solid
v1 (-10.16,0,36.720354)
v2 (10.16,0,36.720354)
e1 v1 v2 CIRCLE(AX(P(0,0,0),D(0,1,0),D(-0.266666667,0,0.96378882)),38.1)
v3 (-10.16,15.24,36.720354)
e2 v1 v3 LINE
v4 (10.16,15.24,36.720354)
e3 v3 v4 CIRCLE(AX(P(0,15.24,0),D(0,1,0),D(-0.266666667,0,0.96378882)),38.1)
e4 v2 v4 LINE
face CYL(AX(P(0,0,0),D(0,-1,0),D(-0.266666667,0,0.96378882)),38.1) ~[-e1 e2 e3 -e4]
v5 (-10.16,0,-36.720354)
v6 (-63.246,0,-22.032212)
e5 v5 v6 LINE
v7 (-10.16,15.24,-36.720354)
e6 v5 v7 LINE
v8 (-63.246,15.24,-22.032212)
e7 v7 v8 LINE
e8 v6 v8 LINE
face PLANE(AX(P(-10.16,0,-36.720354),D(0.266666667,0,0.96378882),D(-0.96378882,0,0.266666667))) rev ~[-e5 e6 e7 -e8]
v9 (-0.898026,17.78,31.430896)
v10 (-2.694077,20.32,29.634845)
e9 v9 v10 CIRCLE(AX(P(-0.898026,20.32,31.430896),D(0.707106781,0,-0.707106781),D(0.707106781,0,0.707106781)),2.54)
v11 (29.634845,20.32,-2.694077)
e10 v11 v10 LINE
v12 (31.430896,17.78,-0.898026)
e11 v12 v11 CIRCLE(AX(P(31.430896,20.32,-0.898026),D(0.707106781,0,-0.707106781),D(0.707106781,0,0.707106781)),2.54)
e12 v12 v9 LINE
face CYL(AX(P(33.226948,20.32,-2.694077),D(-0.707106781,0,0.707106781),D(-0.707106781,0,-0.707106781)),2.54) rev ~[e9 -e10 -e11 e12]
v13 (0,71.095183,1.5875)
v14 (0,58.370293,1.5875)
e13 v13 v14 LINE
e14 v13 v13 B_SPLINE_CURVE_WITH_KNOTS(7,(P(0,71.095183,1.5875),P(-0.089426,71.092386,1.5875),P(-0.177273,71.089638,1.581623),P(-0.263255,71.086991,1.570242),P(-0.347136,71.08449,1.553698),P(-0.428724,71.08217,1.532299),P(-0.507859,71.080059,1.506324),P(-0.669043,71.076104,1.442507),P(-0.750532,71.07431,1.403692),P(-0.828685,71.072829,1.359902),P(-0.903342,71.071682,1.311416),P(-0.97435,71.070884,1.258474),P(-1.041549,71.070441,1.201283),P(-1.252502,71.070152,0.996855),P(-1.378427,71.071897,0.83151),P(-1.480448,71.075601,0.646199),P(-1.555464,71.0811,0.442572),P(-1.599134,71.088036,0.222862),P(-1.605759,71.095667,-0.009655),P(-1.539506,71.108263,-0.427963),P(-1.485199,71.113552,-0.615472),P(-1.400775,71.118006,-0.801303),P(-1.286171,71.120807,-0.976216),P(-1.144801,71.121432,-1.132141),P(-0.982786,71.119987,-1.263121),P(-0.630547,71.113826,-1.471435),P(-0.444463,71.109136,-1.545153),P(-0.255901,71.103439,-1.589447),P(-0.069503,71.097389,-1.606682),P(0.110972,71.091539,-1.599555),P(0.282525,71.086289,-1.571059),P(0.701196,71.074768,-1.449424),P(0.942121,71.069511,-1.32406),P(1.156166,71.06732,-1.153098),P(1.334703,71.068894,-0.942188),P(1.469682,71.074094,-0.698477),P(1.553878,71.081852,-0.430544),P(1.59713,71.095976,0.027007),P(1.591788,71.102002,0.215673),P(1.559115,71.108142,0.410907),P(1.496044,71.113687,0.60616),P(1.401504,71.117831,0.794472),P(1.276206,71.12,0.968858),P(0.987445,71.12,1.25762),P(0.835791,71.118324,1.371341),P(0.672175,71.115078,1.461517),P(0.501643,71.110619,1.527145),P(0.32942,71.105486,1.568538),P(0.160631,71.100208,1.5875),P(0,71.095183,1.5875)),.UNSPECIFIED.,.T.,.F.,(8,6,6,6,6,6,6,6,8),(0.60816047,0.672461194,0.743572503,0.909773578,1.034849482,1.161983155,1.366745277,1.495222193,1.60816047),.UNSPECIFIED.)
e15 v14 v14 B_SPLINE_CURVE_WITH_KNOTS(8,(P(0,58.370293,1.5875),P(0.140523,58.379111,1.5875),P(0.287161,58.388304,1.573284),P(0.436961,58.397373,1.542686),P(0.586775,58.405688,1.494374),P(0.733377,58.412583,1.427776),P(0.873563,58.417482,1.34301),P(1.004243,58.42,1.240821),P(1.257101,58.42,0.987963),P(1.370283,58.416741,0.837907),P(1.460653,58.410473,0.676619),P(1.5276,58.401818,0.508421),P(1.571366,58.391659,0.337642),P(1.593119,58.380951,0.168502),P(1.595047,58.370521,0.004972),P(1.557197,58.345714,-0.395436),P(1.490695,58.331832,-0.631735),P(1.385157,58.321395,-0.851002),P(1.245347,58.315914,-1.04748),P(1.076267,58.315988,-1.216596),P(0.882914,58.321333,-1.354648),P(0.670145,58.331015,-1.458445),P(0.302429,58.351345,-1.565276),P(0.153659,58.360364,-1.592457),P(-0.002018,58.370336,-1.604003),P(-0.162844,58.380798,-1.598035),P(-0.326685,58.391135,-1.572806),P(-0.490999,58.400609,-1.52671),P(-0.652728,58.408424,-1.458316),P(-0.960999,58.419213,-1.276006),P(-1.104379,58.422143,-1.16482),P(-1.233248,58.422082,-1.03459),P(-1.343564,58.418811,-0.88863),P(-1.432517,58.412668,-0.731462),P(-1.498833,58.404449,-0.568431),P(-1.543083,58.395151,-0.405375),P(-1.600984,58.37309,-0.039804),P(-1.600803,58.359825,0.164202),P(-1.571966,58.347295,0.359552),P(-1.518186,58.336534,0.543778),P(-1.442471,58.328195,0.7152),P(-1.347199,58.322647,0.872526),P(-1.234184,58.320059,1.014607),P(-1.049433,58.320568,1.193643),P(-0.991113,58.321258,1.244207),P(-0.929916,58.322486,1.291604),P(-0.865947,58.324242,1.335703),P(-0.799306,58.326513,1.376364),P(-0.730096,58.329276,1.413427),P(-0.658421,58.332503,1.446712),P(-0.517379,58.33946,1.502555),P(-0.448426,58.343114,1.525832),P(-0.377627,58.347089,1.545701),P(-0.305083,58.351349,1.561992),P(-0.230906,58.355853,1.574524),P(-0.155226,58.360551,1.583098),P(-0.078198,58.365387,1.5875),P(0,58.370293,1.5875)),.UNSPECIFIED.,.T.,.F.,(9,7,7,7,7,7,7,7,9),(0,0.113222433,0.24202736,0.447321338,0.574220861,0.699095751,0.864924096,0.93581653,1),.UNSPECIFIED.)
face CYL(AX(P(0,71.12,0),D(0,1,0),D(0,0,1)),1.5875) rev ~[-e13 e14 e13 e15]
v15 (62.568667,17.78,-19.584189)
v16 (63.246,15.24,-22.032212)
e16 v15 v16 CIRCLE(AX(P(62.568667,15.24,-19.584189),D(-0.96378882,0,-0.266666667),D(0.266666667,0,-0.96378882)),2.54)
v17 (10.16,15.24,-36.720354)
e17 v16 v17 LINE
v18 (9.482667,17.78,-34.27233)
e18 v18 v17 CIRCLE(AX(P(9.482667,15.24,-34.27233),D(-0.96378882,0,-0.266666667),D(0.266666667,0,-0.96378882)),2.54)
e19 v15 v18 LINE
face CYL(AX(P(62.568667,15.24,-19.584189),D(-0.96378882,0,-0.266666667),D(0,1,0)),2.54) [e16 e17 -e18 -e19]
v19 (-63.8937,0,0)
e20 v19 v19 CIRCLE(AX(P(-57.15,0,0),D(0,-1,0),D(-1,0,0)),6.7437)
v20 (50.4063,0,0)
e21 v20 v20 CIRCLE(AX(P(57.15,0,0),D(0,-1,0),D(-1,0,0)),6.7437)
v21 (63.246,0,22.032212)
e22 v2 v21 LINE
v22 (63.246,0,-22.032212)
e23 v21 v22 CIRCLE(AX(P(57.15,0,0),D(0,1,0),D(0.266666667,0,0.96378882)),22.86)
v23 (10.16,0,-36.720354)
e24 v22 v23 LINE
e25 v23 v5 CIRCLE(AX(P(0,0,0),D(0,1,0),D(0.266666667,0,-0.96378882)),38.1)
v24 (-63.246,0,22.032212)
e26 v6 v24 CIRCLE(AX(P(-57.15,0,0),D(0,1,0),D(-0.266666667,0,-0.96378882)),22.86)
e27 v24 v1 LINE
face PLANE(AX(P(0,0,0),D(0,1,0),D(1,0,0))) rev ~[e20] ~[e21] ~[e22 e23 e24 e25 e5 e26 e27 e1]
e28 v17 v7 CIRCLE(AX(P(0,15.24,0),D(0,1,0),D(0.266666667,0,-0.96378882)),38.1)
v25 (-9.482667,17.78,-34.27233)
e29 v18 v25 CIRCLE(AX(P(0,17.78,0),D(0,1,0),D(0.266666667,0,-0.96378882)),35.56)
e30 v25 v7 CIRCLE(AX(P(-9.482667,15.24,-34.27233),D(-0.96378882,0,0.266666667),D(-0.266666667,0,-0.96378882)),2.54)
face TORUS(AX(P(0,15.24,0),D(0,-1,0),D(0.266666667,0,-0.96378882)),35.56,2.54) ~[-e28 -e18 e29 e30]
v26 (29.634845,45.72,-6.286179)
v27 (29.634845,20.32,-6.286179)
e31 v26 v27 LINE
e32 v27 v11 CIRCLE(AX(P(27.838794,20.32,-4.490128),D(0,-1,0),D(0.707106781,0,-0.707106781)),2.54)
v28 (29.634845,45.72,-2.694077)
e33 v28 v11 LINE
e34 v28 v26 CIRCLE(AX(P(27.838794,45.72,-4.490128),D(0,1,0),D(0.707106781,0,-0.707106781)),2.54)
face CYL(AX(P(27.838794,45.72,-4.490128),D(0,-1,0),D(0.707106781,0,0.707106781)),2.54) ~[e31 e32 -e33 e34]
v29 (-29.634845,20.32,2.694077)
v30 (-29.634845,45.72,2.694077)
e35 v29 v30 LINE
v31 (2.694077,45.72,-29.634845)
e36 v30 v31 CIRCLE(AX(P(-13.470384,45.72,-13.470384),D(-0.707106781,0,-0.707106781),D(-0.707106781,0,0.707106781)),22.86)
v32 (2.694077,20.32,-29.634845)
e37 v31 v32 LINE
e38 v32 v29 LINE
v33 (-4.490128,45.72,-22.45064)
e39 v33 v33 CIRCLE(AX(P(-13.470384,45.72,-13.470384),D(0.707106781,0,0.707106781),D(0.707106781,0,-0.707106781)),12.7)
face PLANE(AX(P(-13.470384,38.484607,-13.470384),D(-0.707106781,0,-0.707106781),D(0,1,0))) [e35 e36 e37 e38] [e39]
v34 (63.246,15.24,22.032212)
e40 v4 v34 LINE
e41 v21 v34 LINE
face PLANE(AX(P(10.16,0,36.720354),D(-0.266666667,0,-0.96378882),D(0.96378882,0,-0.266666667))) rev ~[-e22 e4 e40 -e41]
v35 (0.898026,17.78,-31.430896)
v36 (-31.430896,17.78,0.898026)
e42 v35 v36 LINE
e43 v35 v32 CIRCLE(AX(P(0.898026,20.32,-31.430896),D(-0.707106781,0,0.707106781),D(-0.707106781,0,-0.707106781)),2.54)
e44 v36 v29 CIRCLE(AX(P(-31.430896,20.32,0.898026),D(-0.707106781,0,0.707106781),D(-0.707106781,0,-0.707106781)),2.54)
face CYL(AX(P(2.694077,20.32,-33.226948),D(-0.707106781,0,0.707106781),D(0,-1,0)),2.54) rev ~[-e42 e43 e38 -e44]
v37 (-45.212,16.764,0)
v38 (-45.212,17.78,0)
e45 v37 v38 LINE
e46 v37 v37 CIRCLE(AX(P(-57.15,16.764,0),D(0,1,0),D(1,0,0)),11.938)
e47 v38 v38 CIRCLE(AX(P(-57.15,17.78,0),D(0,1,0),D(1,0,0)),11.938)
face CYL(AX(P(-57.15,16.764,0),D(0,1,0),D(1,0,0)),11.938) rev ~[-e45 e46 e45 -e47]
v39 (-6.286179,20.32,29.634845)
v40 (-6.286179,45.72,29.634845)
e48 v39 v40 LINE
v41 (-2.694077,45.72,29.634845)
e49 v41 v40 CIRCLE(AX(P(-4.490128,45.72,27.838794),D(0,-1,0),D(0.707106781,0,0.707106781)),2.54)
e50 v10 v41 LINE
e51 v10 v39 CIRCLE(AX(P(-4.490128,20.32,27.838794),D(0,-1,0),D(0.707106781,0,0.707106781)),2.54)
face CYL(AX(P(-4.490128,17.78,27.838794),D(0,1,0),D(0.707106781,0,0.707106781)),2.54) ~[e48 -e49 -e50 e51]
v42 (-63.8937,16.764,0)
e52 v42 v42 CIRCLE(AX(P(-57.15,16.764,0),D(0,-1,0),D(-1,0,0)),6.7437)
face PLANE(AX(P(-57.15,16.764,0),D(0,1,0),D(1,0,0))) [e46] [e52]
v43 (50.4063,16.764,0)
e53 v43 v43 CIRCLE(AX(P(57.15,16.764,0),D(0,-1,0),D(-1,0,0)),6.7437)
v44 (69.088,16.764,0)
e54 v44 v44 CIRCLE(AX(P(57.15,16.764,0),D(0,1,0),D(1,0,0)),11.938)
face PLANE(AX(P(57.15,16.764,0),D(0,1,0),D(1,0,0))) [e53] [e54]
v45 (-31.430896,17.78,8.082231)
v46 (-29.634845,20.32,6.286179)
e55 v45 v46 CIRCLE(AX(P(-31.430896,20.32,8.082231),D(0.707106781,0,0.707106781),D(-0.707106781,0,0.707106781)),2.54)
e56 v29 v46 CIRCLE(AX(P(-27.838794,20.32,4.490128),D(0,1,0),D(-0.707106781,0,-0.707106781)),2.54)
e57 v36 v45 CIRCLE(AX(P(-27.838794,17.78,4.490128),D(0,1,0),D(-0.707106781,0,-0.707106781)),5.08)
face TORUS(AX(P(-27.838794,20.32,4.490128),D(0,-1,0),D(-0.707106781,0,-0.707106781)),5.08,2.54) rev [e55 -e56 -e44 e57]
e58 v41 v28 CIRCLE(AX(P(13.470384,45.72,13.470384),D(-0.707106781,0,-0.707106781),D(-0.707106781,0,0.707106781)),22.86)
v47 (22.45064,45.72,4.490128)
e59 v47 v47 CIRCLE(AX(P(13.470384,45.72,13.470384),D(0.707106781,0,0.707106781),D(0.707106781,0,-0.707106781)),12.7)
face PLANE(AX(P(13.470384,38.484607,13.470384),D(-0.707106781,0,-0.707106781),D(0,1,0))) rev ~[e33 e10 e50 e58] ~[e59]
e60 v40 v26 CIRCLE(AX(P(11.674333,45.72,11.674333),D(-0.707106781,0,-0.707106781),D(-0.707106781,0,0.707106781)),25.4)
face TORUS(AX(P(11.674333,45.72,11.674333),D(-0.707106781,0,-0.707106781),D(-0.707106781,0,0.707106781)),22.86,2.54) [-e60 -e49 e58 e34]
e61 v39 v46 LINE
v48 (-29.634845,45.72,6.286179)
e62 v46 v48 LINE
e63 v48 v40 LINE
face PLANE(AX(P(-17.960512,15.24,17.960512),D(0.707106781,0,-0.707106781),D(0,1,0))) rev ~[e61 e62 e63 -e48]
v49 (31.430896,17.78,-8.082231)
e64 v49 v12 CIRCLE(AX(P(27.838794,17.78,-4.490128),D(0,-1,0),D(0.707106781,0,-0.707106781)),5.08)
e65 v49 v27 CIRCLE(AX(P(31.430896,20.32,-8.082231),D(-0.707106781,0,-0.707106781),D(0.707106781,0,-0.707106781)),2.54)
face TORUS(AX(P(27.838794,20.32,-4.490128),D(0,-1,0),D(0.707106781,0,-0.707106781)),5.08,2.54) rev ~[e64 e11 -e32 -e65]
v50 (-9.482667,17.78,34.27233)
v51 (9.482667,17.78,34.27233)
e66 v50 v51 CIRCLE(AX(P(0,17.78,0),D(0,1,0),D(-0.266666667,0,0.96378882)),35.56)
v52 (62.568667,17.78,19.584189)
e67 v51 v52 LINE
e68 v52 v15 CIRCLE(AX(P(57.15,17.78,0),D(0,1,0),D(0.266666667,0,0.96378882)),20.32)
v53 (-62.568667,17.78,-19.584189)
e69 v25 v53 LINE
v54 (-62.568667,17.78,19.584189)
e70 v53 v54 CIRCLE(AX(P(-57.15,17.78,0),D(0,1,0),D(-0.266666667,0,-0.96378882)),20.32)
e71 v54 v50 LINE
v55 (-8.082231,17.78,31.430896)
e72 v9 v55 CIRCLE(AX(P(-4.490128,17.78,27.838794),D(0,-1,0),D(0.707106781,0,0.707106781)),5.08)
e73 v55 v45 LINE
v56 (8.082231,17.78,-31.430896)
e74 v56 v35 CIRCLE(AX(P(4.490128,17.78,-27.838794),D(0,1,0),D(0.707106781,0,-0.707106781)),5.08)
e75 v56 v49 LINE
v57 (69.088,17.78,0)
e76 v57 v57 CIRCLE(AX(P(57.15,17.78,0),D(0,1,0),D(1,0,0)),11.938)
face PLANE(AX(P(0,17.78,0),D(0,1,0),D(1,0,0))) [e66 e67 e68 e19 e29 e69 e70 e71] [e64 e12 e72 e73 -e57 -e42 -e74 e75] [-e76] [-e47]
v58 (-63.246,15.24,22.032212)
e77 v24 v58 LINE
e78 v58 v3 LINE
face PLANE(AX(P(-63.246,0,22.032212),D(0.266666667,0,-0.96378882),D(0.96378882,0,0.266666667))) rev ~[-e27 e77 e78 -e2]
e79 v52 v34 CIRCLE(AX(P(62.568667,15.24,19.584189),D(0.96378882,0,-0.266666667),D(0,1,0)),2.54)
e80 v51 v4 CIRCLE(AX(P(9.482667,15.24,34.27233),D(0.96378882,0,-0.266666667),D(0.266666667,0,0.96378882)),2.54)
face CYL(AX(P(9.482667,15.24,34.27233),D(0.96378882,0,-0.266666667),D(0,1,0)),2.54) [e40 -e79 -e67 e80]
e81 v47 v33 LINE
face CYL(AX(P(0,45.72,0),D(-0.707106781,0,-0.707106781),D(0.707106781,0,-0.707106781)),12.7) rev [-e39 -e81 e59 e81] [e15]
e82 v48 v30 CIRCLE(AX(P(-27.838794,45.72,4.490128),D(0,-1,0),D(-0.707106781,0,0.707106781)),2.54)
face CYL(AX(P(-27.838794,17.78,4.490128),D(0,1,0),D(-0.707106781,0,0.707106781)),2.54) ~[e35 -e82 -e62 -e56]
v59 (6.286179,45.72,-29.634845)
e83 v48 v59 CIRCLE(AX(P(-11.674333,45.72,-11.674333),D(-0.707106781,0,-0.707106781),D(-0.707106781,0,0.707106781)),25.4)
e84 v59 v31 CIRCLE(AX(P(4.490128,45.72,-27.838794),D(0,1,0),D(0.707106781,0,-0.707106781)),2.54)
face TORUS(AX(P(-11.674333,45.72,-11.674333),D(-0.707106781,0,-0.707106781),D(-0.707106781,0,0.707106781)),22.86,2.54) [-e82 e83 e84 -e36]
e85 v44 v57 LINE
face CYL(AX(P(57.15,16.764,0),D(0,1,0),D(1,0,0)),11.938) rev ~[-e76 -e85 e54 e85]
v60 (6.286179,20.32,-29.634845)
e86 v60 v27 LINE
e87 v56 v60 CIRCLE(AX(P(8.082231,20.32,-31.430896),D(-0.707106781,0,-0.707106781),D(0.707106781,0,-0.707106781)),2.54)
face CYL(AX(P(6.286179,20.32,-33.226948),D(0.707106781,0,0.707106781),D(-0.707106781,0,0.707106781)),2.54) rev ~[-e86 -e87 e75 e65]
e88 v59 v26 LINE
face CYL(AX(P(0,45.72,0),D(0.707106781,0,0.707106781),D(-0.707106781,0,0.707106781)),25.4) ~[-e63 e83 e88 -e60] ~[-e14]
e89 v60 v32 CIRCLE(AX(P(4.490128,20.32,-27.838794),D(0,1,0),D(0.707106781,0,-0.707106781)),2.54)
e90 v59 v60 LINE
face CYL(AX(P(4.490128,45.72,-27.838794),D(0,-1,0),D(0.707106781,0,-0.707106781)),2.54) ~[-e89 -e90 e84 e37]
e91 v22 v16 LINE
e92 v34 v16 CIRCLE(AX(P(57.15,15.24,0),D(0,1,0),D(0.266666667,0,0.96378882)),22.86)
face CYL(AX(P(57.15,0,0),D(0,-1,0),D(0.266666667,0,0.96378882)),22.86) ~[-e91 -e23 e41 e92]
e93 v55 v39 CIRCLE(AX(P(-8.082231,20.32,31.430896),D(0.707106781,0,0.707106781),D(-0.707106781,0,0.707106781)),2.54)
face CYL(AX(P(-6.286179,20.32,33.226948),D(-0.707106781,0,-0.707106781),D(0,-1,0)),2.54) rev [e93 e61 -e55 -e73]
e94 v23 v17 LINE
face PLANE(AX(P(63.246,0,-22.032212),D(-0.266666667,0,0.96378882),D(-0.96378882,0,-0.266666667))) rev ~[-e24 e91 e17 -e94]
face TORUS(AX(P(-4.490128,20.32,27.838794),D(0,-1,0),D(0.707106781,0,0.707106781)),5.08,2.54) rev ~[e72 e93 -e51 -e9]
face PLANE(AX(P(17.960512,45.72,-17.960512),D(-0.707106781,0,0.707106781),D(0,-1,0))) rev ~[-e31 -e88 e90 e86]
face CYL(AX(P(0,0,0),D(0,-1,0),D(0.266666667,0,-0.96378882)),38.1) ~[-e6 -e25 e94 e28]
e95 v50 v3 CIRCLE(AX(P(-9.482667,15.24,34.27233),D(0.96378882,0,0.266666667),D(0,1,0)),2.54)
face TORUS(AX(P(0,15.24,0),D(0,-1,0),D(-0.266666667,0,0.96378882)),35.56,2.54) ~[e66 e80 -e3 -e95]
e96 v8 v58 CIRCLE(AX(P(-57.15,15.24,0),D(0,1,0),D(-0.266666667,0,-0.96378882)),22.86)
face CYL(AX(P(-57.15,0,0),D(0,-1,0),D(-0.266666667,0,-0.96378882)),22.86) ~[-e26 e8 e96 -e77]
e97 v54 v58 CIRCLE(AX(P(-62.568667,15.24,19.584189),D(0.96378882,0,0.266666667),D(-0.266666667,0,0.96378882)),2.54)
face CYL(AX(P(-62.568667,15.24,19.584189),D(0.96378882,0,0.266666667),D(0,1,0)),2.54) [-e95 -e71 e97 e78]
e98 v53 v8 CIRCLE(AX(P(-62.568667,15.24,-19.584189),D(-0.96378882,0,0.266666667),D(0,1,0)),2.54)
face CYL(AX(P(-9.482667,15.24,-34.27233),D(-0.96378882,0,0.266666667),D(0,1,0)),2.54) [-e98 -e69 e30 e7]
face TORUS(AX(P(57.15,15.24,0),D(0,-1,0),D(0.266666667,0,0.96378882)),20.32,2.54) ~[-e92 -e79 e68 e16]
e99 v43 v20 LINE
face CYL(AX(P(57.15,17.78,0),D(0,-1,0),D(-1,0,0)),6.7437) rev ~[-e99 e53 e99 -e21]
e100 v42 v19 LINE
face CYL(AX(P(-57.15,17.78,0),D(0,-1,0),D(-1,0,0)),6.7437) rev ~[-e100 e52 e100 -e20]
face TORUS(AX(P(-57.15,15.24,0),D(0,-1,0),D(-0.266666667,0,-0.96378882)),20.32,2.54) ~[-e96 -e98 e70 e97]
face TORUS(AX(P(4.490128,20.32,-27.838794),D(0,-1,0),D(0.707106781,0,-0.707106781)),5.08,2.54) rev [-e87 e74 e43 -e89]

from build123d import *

# Parameters (mm, degrees)
BOSS_EXTRUDE1_DEPTH                                 = 17.78
CBORE_FOR_00_BINDING_HEAD_MACHINE_SCREW_D           = 13.4874
CBORE_FOR_00_BINDING_HEAD_MACHINE_SCREW_CBORE_D     = 23.876
CBORE_FOR_00_BINDING_HEAD_MACHINE_SCREW_CBORE_DEPTH = 1.016
SKETCH4_R                                           = 12.7
BOSS_EXTRUDE2_DEPTH                                 = 19.05
F_1_8_0_125_DIAMETER_HOLE1_REACH                    = 115.628
F_1_8_0_125_DIAMETER_HOLE1_BORE_R                   = 1.5875
FILLET1_R                                           = 2.54


with BuildPart() as part:
    # Sketch1 → Boss-Extrude1 (new body)
    with BuildSketch(Plane(origin=(0, 0, 0), x_dir=(1, 0, 0), z_dir=(0, 1, 0))):
        with BuildLine():
            Line((63.246, 22.032212417), (10.16, 36.720354029))
            ThreePointArc((10.16, 36.720354029), (0, 38.1), (-10.16, 36.720354029))
            Line((-10.16, 36.720354029), (-63.246, 22.032212417))
            ThreePointArc((-63.246, 22.032212417), (-80.01, 0), (-63.246, -22.032212417))
            Line((-63.246, -22.032212417), (-10.16, -36.720354029))
            ThreePointArc((-10.16, -36.720354029), (0, -38.1), (10.16, -36.720354029))
            Line((10.16, -36.720354029), (63.246, -22.032212417))
            ThreePointArc((63.246, -22.032212417), (80.01, 0), (63.246, 22.032212417))
        make_face()
    extrude(amount=BOSS_EXTRUDE1_DEPTH)

    # CBORE for #00 Binding Head Machine Screw1 (through all)
    with Locations(Plane(origin=(0, 17.78, 0), x_dir=(1, 0, 0), z_dir=(0, 1, 0))):
        with Locations((-57.15, 0), (57.15, 0)):
            CounterBoreHole(CBORE_FOR_00_BINDING_HEAD_MACHINE_SCREW_D / 2, CBORE_FOR_00_BINDING_HEAD_MACHINE_SCREW_CBORE_D / 2, CBORE_FOR_00_BINDING_HEAD_MACHINE_SCREW_CBORE_DEPTH)

    # Sketch4 → Boss-Extrude2 (add, symmetric)
    with BuildSketch(Plane(origin=(0, 0, 0), x_dir=(0, -1, 0), z_dir=(0.7071067811865464, 0, 0.7071067811865488))):
        with BuildLine():
            Line((-45.72, 25.4), (-15.24, 25.4))
            Line((-15.24, 25.4), (-15.24, -25.4))
            Line((-15.24, -25.4), (-45.72, -25.4))
            ThreePointArc((-45.72, -25.4), (-71.12, 0), (-45.72, 25.4))
        make_face()
        with Locations(Location((-45.72, 0, 0), (0, 0, 90))):
            Circle(SKETCH4_R, mode=Mode.SUBTRACT)
    extrude(amount=BOSS_EXTRUDE2_DEPTH, both=True)

    # 1/8 (0.125) Diameter Hole1 bore (on position points) → 1/8 (0.125) Diameter Hole1 (cut, up to next)
    with BuildSketch(Plane.ZX.offset(71.12), mode=Mode.PRIVATE) as f_1_8_0_125_diameter_hole1_sk1:
        Circle(F_1_8_0_125_DIAMETER_HOLE1_BORE_R)
    f_1_8_0_125_diameter_hole1_tool1 = extrude(f_1_8_0_125_diameter_hole1_sk1.sketch, amount=-F_1_8_0_125_DIAMETER_HOLE1_REACH, mode=Mode.PRIVATE) & part.part
    add(f_1_8_0_125_diameter_hole1_tool1.solids().sort_by_distance((0, 71.12, 0))[0], mode=Mode.SUBTRACT)

    # Fillet1
    fillet1_edges = [part.edges().sort_by_distance(p)[0] for p in [
        (0, 17.78, -38.1),
        (-36.703, 17.78, -29.376283223),
        (-80.01, 17.78, 0),
        (-36.703, 17.78, 29.376283223),
        (0, 17.78, 38.1),
        (36.703, 17.78, 29.376283223),
        (80.01, 17.78, 0),
        (17.960512242, 17.78, -17.960512242),
        (-13.470384182, 17.78, -13.470384182),
        (13.470384182, 17.78, 13.470384182),
        (-17.960512242, 17.78, 17.960512242),
        (-4.490128061, 31.75, 31.430896424),
        (31.430896424, 31.75, -4.490128061),
        (13.470384182, 71.12, 13.470384182),
        (-13.470384182, 71.12, -13.470384182),
        (-31.430896424, 31.75, 4.490128061),
        (4.490128061, 31.75, -31.430896424),
        (36.703, 17.78, -29.376283223),
    ]]
    fillet(fillet1_edges, radius=FILLET1_R)


solid = part.part
